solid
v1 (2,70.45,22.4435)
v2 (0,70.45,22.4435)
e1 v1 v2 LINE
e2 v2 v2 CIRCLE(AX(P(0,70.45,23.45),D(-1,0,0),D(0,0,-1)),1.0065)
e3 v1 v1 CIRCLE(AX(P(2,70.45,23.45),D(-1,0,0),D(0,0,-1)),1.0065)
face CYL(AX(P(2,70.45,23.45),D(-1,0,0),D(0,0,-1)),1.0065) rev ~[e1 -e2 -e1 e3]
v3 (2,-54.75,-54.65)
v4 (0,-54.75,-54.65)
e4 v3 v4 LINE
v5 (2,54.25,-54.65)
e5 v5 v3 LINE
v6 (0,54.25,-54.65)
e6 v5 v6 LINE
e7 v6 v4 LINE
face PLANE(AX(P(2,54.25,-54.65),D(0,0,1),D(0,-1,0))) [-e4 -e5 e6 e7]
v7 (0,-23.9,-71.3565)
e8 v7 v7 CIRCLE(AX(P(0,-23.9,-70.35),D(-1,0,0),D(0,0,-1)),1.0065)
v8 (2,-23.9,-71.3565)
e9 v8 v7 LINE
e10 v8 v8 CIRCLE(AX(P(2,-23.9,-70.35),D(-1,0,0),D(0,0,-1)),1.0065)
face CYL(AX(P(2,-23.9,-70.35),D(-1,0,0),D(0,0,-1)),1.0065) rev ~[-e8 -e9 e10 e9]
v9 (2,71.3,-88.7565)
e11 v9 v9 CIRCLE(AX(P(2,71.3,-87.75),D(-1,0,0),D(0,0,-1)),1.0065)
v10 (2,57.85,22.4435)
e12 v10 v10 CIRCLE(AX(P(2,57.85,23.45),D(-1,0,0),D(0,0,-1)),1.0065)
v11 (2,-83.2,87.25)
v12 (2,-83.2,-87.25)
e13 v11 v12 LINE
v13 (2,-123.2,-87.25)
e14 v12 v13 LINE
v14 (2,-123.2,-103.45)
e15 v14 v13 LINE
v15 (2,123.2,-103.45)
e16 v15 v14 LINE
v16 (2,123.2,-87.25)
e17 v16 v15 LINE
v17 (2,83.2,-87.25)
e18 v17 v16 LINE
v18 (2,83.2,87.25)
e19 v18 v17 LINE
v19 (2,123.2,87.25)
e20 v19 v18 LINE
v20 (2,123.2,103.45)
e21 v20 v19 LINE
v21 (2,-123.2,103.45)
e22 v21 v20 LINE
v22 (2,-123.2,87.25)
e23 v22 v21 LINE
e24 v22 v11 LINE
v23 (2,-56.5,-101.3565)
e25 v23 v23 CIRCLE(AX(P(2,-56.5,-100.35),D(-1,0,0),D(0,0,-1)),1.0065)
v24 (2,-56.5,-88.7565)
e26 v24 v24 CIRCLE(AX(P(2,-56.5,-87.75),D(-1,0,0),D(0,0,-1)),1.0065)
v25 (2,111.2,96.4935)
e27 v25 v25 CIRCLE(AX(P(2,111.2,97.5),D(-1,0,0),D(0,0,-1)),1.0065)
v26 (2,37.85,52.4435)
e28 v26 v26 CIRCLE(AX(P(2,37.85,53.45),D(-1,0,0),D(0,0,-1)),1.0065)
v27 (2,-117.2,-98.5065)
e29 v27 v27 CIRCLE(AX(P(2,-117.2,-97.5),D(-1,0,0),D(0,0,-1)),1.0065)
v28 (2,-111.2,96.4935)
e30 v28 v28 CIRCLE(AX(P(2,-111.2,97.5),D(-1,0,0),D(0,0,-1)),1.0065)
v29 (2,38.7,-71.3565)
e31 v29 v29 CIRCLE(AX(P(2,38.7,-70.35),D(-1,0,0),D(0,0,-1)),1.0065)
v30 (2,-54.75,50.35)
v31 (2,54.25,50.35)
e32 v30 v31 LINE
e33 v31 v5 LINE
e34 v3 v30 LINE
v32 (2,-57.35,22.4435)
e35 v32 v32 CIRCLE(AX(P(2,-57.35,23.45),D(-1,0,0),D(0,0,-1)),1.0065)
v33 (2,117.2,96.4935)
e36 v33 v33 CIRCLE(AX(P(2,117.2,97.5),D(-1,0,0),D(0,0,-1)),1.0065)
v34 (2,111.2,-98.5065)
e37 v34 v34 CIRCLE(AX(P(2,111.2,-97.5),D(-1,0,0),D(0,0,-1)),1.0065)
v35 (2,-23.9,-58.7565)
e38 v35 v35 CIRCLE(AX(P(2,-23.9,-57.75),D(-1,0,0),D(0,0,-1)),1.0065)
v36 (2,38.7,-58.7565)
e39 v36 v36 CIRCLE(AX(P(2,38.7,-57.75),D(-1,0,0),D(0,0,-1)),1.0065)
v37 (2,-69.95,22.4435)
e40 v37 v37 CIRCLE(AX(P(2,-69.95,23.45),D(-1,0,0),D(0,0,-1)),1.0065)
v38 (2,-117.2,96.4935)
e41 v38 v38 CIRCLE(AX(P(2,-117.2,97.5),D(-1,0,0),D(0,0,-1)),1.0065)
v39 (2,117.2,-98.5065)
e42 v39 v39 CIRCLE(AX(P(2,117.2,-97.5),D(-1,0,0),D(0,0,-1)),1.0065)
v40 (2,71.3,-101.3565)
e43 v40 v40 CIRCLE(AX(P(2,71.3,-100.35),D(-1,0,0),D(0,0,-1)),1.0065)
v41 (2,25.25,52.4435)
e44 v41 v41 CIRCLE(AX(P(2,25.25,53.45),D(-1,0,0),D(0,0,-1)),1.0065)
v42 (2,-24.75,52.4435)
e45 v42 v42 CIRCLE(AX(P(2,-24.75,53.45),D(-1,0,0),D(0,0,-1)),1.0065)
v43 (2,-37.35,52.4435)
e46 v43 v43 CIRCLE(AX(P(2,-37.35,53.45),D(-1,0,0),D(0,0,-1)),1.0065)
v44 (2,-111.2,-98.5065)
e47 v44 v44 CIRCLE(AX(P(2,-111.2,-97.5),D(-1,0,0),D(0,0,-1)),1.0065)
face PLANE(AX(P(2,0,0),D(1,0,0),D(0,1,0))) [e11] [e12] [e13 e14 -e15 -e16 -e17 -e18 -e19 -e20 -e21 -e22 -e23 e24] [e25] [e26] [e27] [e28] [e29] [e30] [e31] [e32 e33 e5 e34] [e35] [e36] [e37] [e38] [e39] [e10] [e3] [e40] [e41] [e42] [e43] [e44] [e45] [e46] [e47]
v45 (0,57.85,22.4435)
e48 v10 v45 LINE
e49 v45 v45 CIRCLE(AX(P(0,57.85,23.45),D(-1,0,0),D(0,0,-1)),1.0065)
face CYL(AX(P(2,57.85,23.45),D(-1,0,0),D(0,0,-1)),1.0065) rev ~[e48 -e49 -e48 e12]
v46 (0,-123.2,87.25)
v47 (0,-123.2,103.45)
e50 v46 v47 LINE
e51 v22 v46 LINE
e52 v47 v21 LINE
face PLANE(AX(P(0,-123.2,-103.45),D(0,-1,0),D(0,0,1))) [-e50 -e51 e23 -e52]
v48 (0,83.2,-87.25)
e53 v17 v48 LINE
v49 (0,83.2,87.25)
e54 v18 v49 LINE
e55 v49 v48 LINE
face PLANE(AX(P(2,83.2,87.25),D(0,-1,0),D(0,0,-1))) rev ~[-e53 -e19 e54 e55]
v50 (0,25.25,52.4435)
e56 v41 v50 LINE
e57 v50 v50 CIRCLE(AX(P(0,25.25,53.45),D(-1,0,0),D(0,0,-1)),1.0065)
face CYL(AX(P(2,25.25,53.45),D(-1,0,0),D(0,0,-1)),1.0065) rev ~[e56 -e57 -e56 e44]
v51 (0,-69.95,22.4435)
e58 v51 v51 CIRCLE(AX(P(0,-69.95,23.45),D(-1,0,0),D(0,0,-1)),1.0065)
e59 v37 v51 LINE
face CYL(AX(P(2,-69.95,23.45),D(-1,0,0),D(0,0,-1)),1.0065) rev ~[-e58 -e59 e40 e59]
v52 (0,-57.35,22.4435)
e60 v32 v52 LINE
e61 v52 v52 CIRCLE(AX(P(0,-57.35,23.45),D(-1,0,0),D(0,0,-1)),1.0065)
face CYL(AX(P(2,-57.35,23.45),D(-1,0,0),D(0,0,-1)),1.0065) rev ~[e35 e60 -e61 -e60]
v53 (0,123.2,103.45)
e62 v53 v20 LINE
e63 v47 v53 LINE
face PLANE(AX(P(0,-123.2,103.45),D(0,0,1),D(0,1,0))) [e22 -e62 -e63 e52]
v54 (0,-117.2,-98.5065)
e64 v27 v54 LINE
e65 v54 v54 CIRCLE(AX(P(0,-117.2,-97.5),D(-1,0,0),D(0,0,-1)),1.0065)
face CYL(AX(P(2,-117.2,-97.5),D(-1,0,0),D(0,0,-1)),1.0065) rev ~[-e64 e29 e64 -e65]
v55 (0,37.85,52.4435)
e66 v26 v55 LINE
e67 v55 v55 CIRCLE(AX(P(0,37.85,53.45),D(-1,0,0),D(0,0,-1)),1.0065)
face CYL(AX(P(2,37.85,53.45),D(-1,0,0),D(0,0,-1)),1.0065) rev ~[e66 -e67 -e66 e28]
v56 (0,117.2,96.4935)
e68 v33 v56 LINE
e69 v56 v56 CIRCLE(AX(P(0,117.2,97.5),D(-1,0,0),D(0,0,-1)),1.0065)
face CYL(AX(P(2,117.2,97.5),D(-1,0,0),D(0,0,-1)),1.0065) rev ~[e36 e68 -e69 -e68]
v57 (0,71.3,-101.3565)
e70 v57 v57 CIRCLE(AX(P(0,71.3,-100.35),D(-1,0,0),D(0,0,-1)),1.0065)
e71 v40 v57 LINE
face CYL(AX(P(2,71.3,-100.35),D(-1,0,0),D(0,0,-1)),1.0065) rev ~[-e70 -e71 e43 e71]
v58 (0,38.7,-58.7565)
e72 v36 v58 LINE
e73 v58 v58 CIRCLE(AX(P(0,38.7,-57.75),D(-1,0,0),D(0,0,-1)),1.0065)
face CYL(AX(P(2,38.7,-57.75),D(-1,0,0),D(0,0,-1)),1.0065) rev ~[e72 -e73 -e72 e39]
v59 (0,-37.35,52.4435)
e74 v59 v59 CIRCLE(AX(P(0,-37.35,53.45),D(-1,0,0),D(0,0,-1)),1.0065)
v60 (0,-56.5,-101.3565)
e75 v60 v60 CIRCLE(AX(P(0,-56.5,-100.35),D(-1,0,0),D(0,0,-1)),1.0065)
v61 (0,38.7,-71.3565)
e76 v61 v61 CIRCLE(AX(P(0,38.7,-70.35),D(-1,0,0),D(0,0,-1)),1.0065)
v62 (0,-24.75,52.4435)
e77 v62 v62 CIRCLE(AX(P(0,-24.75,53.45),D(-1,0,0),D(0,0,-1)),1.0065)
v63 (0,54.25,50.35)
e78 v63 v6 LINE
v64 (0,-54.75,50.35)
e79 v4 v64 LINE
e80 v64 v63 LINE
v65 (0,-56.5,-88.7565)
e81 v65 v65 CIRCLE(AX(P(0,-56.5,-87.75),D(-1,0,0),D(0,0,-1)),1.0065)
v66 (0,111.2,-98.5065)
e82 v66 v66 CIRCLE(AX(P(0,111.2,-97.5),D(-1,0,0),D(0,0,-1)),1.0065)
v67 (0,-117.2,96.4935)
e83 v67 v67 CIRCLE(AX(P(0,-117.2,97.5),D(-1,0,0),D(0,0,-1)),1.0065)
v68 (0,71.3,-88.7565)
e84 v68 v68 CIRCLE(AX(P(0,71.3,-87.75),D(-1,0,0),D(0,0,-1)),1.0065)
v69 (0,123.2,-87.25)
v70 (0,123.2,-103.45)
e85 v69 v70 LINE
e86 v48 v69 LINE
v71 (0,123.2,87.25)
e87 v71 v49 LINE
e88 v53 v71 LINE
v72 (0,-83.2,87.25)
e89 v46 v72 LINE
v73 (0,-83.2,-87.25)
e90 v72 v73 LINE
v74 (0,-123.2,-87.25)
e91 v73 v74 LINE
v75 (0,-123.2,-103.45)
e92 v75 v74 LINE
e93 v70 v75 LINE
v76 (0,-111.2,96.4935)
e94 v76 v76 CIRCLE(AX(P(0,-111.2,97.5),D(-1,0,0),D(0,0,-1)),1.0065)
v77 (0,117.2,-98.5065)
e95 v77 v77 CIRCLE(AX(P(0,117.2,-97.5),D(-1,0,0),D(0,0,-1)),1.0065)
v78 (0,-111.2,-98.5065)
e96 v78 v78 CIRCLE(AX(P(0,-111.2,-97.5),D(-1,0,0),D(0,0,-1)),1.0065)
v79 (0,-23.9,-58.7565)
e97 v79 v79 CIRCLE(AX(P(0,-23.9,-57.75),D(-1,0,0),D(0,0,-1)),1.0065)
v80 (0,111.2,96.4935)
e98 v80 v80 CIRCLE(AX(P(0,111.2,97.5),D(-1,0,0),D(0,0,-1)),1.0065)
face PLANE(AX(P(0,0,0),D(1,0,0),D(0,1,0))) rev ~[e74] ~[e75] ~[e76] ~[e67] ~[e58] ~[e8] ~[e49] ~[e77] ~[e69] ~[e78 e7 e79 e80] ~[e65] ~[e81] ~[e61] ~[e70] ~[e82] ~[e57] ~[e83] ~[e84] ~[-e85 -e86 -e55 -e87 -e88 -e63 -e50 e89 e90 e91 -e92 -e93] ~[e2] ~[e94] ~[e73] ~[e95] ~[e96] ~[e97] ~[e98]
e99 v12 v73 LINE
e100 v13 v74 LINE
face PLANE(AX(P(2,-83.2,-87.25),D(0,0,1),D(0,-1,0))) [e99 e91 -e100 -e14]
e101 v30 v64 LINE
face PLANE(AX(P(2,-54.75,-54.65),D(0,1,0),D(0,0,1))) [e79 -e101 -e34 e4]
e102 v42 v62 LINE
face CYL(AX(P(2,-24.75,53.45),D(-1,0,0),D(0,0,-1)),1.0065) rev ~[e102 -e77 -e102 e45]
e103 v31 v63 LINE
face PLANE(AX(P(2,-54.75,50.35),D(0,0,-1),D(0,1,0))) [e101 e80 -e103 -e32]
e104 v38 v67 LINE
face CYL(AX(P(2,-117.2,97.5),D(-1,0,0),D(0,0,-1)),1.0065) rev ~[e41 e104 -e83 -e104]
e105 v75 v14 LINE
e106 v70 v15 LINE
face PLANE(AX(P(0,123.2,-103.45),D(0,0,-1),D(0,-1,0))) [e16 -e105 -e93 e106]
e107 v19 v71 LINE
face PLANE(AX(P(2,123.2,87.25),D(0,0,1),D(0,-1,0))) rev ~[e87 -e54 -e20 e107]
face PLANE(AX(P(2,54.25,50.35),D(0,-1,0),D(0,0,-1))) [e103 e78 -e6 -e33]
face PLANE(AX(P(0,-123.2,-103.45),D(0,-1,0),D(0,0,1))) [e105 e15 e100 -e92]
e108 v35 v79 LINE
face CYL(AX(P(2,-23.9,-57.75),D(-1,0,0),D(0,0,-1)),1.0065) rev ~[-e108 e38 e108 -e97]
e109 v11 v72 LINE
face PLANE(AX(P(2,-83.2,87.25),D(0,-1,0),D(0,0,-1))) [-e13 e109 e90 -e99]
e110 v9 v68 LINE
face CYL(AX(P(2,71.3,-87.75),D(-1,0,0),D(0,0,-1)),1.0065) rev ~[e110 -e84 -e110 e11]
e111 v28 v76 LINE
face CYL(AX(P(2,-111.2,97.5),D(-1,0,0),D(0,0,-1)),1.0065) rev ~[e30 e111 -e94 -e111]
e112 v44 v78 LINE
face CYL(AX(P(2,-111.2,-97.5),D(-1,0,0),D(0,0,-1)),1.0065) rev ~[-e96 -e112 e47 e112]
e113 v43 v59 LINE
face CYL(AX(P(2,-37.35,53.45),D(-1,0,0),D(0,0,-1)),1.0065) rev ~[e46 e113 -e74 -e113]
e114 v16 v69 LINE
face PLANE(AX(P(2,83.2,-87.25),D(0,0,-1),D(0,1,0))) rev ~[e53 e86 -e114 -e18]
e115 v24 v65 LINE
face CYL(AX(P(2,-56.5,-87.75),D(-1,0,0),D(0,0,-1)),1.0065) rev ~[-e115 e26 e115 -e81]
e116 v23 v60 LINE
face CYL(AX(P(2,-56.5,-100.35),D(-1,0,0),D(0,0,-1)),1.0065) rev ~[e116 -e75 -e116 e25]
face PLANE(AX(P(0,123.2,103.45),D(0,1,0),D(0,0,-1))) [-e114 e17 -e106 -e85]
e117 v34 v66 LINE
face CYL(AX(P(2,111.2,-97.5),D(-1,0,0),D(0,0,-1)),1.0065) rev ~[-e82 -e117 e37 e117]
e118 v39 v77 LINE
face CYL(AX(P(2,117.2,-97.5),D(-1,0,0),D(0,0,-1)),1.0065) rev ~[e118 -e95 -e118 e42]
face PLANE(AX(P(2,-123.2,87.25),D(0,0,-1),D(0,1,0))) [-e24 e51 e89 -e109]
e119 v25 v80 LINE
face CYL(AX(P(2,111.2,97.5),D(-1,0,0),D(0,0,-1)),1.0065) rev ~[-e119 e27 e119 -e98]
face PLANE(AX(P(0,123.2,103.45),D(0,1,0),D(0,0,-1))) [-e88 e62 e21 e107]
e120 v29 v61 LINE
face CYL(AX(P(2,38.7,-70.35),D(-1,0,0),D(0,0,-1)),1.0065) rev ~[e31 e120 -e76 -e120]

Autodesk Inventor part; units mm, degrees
ref_plane "YZ Plane" through (0, 0, 0) normal (1, 0, 0) x (0, 1, 0)
ref_plane "XZ Plane" through (0, 0, 0) normal (0, 1, 0) x (-1, 0, 0)
ref_plane "XY Plane" through (0, 0, 0) normal (0, 0, 1) x (1, 0, 0)
sketch "Sketch2" plane through (0, 0, 0) normal (1, 0, 0) x (0, 1, 0)
  line L0 (-123.2, 103.45) -> (123.2, 103.45)
  line L1 (123.2, 103.45) -> (123.2, -103.45)
  line L2 (123.2, -103.45) -> (-123.2, -103.45)
  line L3 (-123.2, -103.45) -> (-123.2, 103.45)
  line L4 (-123.2, 103.45) -> (123.2, -103.45) construction
  line L5 (123.2, 103.45) -> (-123.2, -103.45) construction
  point P0 (0, 0)
  dimension "d4" = 246.4
  dimension "d5" = 206.9
extrude "Extrusion2" add sketch "Sketch2" along normal blind 2
sketch "Sketch3" plane through (2, 0, 0) normal (1, 0, 0) x (0, 0, -1)
  line L0 (103.45, 123.2) -> (-103.45, 123.2) construction
  line L1 (-103.45, -123.2) -> (103.45, -123.2) construction
  line L2 (-103.45, 123.2) -> (-103.45, -123.2) construction
  line L3 (-53.45, 37.85) -> (-53.45, -37.35) construction
  line L4 (-23.45, -123.2) -> (-23.45, 123.2) construction
  point P0 (0, 0)
  point P1 (-23.45, 70.45)
  point P2 (-23.45, 57.85)
  point P3 (-53.45, 25.25)
  point P4 (-53.45, -24.75)
  point P5 (-23.45, -57.35)
  point P6 (-23.45, -69.95)
  dimension "d8" = 12.6
  dimension "d9" = 12.6
  dimension "d10" = 12.6
  dimension "d11" = 12.6
  dimension "d15" = 53.25
  dimension "d24" = 50
  dimension "d25" = 80
  dimension "d26" = 0
  dimension "d27" = 0
  dimension "d28" = 20
  dimension "d29" = 50
  dimension "d30" = 20
hole "mounting of front power splitters" at (2, 70.45, 23.45) at (2, 57.85, 23.45) at (2, 37.85, 53.45) at (2, 25.25, 53.45) at (2, -24.75, 53.45) at (2, -37.35, 53.45) at (2, -57.35, 23.45) at (2, -69.95, 23.45) direction (-1, 0, 0) diameter 2.013 end through all thread size "M2.5x0.45" class "6H" standard "ISO Metric profile"
sketch "Sketch4" plane through (2, 0, 0) normal (1, 0, 0) x (0, 0, -1)
  line L0 (-103.45, 123.2) -> (-103.45, -123.2) construction
  line L1 (-103.45, -56.5) -> (103.45, -56.5) construction
  line L2 (103.45, -123.2) -> (103.45, 123.2) construction
  line L3 (-103.45, -23.9) -> (103.45, -23.9) construction
  line L4 (-103.45, 38.7) -> (103.45, 38.7) construction
  line L5 (-103.45, 71.3) -> (103.45, 71.3) construction
  line L6 (-103.45, -123.2) -> (103.45, -123.2) construction
  point P0 (0, 0)
  point P1 (100.35, -56.5)
  point P2 (87.75, -56.5)
  point P3 (70.35, -23.9)
  point P4 (57.75, -23.9)
  point P5 (70.35, 38.7)
  point P6 (57.75, 38.7)
  point P7 (100.35, 71.3)
  point P8 (87.75, 71.3)
  dimension "d32" = 66.7
  dimension "d33" = 32.6
  dimension "d34" = 62.6
  dimension "d35" = 32.6
  dimension "d36" = 12.6
  dimension "d37" = 12.6
  dimension "d38" = 12.6
  dimension "d39" = 12.6
  dimension "d40" = 3.1
  dimension "d41" = 33.1
  dimension "d42" = 33.1
  dimension "d43" = 3.1
hole "mounting of rear power splitters" at (2, -56.5, -100.35) at (2, -56.5, -87.75) at (2, -23.9, -70.35) at (2, -23.9, -57.75) at (2, 38.7, -70.35) at (2, 38.7, -57.75) at (2, 71.3, -100.35) at (2, 71.3, -87.75) direction (-1, 0, 0) diameter 2.013 end through all thread size "M2.5x0.45" class "6H" standard "ISO Metric profile"
sketch "Sketch5" plane through (2, 0, 0) normal (1, 0, 0) x (0, 0, -1)
  line L0 (-103.45, -123.2) -> (103.45, -123.2) projected
  line L1 (-87.25, -83.2) -> (87.25, -83.2)
  line L2 (87.25, -83.2) -> (87.25, -123.2)
  line L3 (87.25, -123.2) -> (-87.25, -123.2)
  line L4 (-87.25, -123.2) -> (-87.25, -83.2)
  line L5 (-87.25, -83.2) -> (87.25, -123.2) construction
  line L6 (87.25, -83.2) -> (-87.25, -123.2) construction
  line L7 (-103.45, 123.2) -> (-103.45, -123.2) projected
  line L8 (103.45, -123.2) -> (103.45, 123.2) projected
  line L9 (-87.25, 83.2) -> (87.25, 83.2)
  line L10 (87.25, 83.2) -> (87.25, 123.2)
  line L11 (87.25, 123.2) -> (-87.25, 123.2)
  line L12 (-87.25, 123.2) -> (-87.25, 83.2)
  line L13 (-87.25, 83.2) -> (87.25, 123.2) construction
  line L14 (87.25, 83.2) -> (-87.25, 123.2) construction
  line L15 (103.45, 123.2) -> (-103.45, 123.2) projected
  point P0 (0, 0)
  point P1 (0, -103.2)
  point P2 (0, 103.2)
  point P3 (87.25, 103.2)
  point P4 (-87.25, -123.2)
  dimension "d51" = 16.2
  dimension "d52" = 16.2
  dimension "d53" = 40
  dimension "d54" = 16.2
  dimension "d55" = 16.2
  dimension "d56" = 40
  dimension "d57" = 0
extrude "Extrusion3" cut sketch "Sketch5" against normal blind 2 contours L4 L1 L2 L0 | L11 L10 L9 L12
sketch "Sketch6" plane through (2, 0, 0) normal (1, 0, 0) x (0, 0, -1)
  line L0 (-50.35, 54.25) -> (54.65, 54.25)
  line L1 (54.65, 54.25) -> (54.65, -54.75)
  line L2 (54.65, -54.75) -> (-50.35, -54.75)
  line L3 (-50.35, -54.75) -> (-50.35, 54.25)
  line L4 (103.45, -123.2) -> (103.45, 123.2) projected
  line L5 (103.45, 123.2) -> (87.25, 123.2) projected
  point P0 (0, 0)
  dimension "d60" = 105
  dimension "d61" = 109
  dimension "d62" = 48.8
  dimension "d63" = 68.95
extrude "Extrusion4" cut sketch "Sketch6" against normal blind 2
sketch "Sketch7" plane through (2, 0, 0) normal (1, 0, 0) x (0, 0, -1)
  line L0 (87.25, -123.2) -> (103.45, -123.2) construction
  line L1 (97.5, -123.2) -> (97.5, 123.2) construction
  line L2 (103.45, 123.2) -> (87.25, 123.2) construction
  line L3 (103.45, -123.2) -> (103.45, 123.2) construction
  line L4 (-87.25, 123.2) -> (-103.45, 123.2) construction
  line L5 (-97.5, 123.2) -> (-97.5, -123.45) construction
  line L6 (-103.45, 123.2) -> (-103.45, -123.2) construction
  line L7 (-103.45, -123.2) -> (-87.25, -123.2) construction
  point P0 (0, 0)
  point P1 (-97.5, -117.2)
  point P2 (-97.5, -111.2)
  point P3 (97.5, -117.2)
  point P4 (97.5, -111.2)
  point P5 (-97.5, 117.2)
  point P6 (-97.5, 111.2)
  point P7 (97.5, 117.2)
  point P8 (97.5, 111.2)
  point P9 (-87.25, -123.2)
  dimension "d66" = 5.95
  dimension "d67" = 5.95
  dimension "d68" = 6
  dimension "d69" = 6
  dimension "d70" = 6
  dimension "d71" = 6
  dimension "d72" = 6
  dimension "d73" = 6
  dimension "d74" = 6
  dimension "d75" = 6
hole "Hole3" at (2, -117.2, 97.5) at (2, -111.2, 97.5) at (2, -117.2, -97.5) at (2, -111.2, -97.5) at (2, 117.2, 97.5) at (2, 111.2, 97.5) at (2, 117.2, -97.5) at (2, 111.2, -97.5) direction (-1, 0, 0) diameter 2.013 end through all thread size "M2.5x0.45" class "6H" standard "ISO Metric profile"
sketch "DFX Export" plane through (2, 0, 0) normal (1, 0, 0) x (0, 0, -1)
  line L0 (-103.45, 123.2) -> (-103.45, -123.2) projected
  line L1 (-103.45, 123.2) -> (-103.45, -123.2)
  line L2 (-87.25, -123.2) -> (-87.25, -83.2) projected
  line L3 (-103.45, -123.2) -> (-87.25, -123.2)
  line L4 (-87.25, -123.2) -> (-87.25, -83.2)
  line L5 (87.25, -123.2) -> (87.25, -83.2) projected
  line L6 (-87.25, -83.2) -> (87.25, -83.2)
  line L7 (87.25, -83.2) -> (87.25, -123.2)
  line L8 (87.25, -123.2) -> (103.45, -123.2) projected
  line L9 (87.25, -123.2) -> (103.45, -123.2)
  line L10 (103.45, 123.2) -> (87.25, 123.2) projected
  line L11 (103.45, -123.2) -> (103.45, 123.2)
  line L12 (103.45, 123.2) -> (87.25, 123.2)
  line L13 (87.25, 83.2) -> (-87.25, 83.2) projected
  line L14 (87.25, 123.2) -> (87.25, 83.2)
  line L15 (87.25, 83.2) -> (-87.25, 83.2)
  line L16 (-87.25, 123.2) -> (-103.45, 123.2) projected
  line L17 (-87.25, 83.2) -> (-87.25, 123.2)
  line L18 (-87.25, 123.2) -> (-103.45, 123.2)
  point P0 (0, 0)
properties part number "mounting-plate"
